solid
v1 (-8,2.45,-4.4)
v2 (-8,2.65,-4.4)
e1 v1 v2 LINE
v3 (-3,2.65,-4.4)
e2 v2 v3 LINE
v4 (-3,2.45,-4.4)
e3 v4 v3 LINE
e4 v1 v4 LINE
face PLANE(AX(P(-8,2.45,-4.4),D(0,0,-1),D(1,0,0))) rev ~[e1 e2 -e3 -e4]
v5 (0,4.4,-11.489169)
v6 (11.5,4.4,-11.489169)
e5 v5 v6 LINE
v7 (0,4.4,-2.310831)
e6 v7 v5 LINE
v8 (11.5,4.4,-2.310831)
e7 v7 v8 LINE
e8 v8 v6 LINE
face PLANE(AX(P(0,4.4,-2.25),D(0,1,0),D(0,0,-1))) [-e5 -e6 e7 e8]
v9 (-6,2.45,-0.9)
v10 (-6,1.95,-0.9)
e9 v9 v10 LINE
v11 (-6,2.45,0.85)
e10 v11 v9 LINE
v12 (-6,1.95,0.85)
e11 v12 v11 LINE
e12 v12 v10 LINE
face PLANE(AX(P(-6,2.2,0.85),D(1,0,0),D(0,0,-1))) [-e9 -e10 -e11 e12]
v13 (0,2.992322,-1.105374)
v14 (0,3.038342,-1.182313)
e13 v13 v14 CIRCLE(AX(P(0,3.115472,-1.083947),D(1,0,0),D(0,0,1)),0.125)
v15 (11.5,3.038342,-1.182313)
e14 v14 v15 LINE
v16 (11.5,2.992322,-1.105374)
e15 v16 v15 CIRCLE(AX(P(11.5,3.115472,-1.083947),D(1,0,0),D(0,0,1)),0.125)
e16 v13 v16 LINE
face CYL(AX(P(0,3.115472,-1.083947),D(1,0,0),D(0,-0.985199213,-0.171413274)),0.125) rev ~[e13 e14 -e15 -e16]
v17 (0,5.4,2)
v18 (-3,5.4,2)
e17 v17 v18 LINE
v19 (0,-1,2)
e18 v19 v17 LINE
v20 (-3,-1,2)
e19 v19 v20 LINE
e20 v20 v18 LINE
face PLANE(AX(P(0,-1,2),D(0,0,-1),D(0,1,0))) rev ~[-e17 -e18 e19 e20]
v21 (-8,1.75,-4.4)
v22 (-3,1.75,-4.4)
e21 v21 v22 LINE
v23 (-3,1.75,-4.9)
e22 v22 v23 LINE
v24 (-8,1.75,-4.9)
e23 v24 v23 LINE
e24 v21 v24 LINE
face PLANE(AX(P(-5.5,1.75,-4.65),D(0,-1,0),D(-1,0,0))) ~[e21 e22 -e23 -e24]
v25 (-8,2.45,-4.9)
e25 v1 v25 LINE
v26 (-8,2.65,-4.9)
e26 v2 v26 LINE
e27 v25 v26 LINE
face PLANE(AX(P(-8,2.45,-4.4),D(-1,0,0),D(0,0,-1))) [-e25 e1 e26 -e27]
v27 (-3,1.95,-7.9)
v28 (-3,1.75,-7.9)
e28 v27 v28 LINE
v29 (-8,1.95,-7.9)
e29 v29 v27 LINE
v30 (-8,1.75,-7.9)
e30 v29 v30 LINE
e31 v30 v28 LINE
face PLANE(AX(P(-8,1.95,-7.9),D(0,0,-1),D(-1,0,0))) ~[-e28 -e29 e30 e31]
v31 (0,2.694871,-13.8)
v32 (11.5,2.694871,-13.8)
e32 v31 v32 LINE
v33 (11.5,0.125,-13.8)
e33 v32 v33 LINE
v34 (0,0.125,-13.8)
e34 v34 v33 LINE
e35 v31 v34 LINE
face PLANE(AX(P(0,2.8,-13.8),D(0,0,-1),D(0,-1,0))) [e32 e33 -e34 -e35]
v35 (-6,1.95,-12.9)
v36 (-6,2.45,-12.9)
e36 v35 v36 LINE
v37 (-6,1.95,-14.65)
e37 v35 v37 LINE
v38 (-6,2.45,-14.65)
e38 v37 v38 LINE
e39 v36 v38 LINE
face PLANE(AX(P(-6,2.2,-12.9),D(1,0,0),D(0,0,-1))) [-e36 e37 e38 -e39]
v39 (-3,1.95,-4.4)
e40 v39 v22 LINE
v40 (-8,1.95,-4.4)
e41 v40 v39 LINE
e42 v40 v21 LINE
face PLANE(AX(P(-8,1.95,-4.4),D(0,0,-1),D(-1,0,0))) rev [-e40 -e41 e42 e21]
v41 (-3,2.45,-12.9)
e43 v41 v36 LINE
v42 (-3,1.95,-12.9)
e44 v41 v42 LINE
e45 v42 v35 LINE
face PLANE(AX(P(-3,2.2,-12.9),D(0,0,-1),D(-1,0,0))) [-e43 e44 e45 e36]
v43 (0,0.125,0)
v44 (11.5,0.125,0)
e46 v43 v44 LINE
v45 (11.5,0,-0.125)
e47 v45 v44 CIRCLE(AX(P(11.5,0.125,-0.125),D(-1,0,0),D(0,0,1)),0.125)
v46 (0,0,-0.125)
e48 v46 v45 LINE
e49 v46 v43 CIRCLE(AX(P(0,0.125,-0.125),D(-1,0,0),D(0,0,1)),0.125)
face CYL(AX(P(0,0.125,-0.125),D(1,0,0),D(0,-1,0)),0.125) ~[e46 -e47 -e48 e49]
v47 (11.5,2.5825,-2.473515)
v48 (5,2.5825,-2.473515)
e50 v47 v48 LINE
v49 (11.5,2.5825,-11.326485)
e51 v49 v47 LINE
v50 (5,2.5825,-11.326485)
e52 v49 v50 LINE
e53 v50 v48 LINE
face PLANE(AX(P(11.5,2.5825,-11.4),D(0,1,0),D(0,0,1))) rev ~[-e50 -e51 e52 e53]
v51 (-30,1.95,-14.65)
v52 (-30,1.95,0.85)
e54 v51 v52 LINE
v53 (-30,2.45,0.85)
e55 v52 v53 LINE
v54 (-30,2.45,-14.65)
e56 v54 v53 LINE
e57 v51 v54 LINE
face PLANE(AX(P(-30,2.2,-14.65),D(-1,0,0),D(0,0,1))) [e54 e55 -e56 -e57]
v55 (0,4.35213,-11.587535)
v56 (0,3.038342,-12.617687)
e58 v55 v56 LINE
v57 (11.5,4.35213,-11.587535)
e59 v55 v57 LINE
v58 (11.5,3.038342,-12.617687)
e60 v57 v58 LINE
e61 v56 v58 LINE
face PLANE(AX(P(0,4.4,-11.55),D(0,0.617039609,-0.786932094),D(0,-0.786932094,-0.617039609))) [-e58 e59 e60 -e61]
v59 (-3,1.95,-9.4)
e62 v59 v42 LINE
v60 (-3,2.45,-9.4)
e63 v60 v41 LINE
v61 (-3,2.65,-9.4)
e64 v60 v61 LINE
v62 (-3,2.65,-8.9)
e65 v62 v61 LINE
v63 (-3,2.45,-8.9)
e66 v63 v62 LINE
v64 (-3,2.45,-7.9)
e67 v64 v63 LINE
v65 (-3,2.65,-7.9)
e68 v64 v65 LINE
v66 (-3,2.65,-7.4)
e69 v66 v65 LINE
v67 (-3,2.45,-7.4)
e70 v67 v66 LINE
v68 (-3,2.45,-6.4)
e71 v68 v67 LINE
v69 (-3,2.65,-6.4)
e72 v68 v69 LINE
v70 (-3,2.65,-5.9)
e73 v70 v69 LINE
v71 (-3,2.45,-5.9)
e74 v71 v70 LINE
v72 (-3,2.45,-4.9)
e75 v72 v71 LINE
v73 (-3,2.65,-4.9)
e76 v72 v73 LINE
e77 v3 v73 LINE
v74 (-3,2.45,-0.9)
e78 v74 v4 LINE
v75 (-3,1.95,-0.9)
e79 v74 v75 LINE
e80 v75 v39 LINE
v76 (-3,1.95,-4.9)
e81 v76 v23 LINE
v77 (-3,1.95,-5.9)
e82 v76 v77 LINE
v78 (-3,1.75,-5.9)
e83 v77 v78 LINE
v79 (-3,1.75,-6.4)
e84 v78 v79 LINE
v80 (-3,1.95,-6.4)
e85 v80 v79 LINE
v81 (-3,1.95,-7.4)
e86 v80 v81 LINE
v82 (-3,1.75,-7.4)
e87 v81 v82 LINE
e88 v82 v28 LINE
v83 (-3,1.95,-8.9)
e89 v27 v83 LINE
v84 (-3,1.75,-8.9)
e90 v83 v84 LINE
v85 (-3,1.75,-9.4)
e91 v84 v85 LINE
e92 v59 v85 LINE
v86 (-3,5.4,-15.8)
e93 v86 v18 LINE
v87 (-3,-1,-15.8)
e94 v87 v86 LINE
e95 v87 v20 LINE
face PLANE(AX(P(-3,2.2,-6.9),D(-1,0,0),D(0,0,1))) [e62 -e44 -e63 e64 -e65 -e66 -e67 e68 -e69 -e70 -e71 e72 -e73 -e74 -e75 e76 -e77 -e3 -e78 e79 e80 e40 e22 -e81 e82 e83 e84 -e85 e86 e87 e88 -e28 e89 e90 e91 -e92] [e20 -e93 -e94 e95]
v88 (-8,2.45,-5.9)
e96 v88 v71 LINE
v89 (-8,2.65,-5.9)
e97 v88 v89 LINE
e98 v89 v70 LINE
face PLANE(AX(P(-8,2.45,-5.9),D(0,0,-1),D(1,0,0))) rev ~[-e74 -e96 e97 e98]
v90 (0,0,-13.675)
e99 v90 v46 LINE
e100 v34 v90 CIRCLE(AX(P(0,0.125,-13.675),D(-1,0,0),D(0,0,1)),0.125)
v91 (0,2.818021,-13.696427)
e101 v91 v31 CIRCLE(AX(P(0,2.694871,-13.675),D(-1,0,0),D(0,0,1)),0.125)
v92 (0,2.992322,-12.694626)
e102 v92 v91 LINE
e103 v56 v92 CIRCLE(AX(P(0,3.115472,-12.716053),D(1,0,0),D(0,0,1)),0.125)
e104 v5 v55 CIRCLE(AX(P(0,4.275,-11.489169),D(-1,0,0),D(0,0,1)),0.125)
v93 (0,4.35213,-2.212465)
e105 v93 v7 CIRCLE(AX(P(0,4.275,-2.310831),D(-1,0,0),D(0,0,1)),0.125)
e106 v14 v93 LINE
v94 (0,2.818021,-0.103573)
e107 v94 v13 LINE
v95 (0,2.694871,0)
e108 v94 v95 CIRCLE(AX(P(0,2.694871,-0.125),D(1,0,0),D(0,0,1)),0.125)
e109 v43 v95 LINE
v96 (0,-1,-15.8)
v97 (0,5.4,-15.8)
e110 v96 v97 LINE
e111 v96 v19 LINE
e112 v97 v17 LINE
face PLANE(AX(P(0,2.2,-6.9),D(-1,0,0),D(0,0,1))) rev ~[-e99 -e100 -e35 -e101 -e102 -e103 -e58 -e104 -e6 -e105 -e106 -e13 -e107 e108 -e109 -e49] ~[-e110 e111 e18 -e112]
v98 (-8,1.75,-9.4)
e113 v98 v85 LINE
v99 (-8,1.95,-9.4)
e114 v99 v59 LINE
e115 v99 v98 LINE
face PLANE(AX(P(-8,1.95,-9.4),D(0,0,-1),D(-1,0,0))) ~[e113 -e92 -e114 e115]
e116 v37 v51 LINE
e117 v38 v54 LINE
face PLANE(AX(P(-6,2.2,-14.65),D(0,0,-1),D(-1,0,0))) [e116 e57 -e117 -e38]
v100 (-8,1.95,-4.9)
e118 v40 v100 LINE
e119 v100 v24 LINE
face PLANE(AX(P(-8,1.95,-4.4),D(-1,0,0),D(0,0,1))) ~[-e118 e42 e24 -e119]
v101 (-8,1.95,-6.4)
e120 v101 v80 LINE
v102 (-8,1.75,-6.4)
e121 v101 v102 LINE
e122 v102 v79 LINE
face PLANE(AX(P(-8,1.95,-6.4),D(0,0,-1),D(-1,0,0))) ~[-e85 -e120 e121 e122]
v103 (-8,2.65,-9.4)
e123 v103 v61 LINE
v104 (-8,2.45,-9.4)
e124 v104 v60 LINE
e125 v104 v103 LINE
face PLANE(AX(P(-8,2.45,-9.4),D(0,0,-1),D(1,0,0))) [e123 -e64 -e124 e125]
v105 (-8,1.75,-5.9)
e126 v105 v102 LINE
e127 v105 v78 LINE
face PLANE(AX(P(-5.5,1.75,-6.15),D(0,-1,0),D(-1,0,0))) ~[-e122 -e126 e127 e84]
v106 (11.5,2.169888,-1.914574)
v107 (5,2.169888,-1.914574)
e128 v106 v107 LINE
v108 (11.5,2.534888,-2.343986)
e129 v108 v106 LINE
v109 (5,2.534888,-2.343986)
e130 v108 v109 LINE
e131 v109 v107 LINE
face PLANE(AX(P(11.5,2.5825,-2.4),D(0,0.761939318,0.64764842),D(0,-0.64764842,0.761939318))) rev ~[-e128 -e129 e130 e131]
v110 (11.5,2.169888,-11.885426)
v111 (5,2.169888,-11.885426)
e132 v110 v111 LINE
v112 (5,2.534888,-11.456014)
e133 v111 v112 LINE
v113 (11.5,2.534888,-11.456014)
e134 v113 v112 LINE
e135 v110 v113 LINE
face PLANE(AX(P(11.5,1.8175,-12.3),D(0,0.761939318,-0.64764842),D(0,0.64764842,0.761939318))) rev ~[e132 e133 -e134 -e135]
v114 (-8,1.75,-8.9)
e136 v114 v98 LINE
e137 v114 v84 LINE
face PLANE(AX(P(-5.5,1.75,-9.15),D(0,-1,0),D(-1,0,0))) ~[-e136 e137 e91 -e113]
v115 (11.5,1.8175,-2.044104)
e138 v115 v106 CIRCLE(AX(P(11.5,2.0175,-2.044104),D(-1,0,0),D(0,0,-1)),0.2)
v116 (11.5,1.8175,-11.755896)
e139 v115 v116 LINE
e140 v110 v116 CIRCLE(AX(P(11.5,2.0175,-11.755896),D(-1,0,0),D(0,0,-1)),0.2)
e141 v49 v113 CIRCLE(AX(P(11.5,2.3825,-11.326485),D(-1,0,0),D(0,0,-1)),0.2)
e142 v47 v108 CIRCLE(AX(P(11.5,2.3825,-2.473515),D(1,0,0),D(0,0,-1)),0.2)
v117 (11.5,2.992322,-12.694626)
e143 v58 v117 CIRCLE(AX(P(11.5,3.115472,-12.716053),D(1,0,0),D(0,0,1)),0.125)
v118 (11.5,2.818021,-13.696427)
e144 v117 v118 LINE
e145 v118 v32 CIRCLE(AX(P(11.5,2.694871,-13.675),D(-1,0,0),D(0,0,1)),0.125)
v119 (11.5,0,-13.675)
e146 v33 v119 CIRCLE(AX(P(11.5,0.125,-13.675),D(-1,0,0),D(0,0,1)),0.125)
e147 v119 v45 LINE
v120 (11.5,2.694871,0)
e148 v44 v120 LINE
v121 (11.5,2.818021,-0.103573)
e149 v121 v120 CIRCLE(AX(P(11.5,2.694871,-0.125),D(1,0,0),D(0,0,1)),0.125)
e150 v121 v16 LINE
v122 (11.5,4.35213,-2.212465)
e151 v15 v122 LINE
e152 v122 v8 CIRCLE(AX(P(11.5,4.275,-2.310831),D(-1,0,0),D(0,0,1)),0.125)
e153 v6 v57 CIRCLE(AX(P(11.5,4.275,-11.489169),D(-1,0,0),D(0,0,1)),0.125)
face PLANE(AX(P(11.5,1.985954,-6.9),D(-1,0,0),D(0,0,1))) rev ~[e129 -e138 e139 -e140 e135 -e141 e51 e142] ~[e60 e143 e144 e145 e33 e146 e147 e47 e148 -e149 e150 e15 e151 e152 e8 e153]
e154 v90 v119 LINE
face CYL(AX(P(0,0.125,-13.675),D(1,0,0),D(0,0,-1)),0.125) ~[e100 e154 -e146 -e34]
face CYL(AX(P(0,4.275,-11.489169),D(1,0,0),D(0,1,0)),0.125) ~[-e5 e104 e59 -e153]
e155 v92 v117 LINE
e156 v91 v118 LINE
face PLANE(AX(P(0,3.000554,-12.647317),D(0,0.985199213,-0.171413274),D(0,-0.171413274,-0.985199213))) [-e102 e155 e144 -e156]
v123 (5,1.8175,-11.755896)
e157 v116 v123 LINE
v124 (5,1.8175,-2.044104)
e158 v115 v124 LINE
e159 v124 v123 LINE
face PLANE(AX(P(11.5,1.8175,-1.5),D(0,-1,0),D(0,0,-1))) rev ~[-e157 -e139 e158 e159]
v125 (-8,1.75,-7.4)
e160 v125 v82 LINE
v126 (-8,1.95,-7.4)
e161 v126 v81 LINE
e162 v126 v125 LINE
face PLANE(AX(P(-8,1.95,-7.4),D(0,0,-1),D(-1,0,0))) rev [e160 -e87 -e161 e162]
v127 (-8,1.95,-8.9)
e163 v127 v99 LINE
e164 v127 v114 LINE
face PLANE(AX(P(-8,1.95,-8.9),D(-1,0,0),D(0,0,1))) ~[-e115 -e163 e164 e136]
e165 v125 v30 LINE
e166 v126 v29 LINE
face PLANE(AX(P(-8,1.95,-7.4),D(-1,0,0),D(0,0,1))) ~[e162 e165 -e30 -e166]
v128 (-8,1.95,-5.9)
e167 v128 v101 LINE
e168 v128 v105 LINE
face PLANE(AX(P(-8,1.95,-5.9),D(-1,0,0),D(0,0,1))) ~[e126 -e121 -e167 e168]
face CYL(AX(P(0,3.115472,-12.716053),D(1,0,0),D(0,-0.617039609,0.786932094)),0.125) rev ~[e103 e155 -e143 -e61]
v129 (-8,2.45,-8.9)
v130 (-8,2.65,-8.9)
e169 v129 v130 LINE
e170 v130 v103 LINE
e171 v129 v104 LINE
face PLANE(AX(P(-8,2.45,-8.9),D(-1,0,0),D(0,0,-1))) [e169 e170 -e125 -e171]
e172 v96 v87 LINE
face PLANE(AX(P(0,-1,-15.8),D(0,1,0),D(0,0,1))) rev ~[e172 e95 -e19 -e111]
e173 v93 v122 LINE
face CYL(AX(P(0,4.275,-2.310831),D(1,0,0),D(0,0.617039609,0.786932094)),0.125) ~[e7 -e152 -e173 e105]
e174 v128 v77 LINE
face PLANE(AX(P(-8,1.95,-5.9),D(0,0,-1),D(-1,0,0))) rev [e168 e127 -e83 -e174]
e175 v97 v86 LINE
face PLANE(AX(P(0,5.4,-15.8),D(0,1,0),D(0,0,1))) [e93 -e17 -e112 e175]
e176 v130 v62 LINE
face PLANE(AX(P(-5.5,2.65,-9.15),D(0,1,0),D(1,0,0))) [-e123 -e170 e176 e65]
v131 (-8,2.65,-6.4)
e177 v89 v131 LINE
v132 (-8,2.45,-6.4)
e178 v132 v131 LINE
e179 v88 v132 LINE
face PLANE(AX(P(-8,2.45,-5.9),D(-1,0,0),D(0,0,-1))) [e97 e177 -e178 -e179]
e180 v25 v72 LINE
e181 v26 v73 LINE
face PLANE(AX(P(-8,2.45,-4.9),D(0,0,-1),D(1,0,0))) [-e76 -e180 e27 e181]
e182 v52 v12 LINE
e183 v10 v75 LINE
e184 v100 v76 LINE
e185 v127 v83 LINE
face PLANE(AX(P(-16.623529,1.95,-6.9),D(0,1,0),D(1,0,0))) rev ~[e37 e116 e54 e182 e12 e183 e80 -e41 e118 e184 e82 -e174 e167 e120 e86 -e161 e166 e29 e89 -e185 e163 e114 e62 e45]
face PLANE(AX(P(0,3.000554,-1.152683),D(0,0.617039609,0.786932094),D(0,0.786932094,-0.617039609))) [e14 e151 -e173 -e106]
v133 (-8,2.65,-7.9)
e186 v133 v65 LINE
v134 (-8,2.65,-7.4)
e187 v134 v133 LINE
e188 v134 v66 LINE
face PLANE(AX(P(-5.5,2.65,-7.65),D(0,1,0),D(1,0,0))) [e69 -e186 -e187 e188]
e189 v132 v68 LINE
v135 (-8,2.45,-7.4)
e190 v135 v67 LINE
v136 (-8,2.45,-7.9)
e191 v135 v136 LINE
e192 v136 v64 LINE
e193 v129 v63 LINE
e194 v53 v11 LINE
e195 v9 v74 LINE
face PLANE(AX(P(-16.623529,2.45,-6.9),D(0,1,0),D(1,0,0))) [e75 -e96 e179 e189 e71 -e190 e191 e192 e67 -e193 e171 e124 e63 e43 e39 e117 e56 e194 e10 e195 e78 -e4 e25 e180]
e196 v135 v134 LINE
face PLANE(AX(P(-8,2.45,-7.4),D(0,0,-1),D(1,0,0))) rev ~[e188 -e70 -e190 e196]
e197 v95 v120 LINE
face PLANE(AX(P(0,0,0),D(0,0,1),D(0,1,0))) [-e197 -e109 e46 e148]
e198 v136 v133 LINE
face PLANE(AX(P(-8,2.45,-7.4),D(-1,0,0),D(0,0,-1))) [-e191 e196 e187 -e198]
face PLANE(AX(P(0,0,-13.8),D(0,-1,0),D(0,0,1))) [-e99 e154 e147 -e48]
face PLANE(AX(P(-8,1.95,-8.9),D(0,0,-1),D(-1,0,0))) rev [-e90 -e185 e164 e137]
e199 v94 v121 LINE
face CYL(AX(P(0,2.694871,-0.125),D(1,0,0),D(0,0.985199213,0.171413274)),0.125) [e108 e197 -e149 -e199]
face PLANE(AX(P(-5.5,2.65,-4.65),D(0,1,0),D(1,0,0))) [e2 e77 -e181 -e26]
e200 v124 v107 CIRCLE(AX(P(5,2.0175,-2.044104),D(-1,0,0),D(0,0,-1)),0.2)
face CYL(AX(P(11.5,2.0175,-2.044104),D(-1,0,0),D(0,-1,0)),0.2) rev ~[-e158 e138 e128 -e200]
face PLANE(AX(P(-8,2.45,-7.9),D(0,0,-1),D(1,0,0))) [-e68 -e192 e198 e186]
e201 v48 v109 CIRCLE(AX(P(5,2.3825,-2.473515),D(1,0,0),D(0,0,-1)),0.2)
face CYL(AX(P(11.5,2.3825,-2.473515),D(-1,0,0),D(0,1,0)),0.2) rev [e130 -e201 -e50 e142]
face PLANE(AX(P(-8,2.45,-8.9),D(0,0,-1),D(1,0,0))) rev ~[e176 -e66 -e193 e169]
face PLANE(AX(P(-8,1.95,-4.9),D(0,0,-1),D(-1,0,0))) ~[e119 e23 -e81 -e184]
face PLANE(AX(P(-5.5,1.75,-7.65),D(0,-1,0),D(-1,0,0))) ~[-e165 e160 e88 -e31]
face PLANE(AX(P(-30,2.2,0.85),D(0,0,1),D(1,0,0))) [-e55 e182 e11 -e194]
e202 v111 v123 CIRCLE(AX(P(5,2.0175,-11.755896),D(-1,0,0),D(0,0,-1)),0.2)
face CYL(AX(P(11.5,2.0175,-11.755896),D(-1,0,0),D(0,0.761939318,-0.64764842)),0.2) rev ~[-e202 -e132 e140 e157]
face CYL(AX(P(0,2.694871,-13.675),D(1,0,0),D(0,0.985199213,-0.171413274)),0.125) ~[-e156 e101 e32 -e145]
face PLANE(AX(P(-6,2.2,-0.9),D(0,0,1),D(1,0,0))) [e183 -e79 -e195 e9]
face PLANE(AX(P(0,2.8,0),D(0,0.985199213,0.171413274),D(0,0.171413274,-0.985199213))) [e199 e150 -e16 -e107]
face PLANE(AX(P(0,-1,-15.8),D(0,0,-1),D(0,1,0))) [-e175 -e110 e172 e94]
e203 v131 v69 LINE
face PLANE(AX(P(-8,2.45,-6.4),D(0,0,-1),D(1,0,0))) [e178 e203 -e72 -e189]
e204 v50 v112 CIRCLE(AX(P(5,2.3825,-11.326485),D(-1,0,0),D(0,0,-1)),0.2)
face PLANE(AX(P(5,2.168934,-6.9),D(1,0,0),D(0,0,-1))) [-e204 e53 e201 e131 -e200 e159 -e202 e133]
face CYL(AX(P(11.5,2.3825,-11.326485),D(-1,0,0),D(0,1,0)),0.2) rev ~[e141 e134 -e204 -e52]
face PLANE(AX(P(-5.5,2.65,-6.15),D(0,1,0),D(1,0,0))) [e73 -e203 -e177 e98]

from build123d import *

# Parameters (mm, degrees)
BOSS_EXTRUDE1_DEPTH = 11.5
SKETCH2_W           = 17.8
SKETCH2_H           = 6.4
BOSS_EXTRUDE2_DEPTH = 3
BOSS_EXTRUDE3_DEPTH = 0.25
SKETCH4_W           = 5
SKETCH4_H           = 0.5
BOSS_EXTRUDE4_DEPTH = 0.2
FILLET1_R           = 0.125
CUT_EXTRUDE1_DEPTH  = 6.5
FILLET2_R           = 0.2


with BuildPart() as part:
    # Sketch1 → Boss-Extrude1 (new body)
    with BuildSketch(Plane(origin=(0, 0, 0), x_dir=(0, 0, -1), z_dir=(1, 0, 0))):
        Polygon((0, 2.8), (1.152683079, 3.000553531), (2.25, 4.4), (11.55, 4.4), (12.647316921, 3.000553531), (13.8, 2.8), (13.8, 0), (0, 0), align=None)
    extrude(amount=BOSS_EXTRUDE1_DEPTH)

    # Sketch2 → Boss-Extrude2 (add)
    with BuildSketch(Plane.ZY):
        with Locations((-6.9, 2.2)):
            Rectangle(SKETCH2_W, SKETCH2_H)
    extrude(amount=BOSS_EXTRUDE2_DEPTH)

    # Sketch3 → Boss-Extrude3 (add, symmetric)
    with BuildSketch(Plane(origin=(0, 2.2, 0), x_dir=(1, 0, 0), z_dir=(0, 1, 0))):
        Polygon((-3, 12.9), (-6, 12.9), (-6, 14.65), (-30, 14.65), (-30, -0.85), (-6, -0.85), (-6, 0.9), (-3, 0.9), align=None)
    extrude(amount=BOSS_EXTRUDE3_DEPTH, both=True)

    # Sketch4 → Boss-Extrude4 (add)
    with BuildSketch(Plane(origin=(0, 2.45, 0), x_dir=(1, 0, 0), z_dir=(0, 1, 0))):
        with Locations((-5.5, 9.15)):
            Rectangle(SKETCH4_W, SKETCH4_H)
        with Locations((-5.5, 7.65)):
            Rectangle(SKETCH4_W, SKETCH4_H)
        with Locations((-5.5, 6.15)):
            Rectangle(SKETCH4_W, SKETCH4_H)
        with Locations((-5.5, 4.65)):
            Rectangle(SKETCH4_W, SKETCH4_H)
    boss_extrude4 = extrude(amount=BOSS_EXTRUDE4_DEPTH)

    # Mirror1: Boss-Extrude4 across plane
    add(boss_extrude4.mirror(Plane.ZX.offset(2.2)))

    # Fillet1
    fillet1_edges = [part.edges().sort_by_distance(p)[0] for p in [
        (5.75, 2.8, 0),
        (5.75, 3.000553531, -1.152683079),
        (5.75, 4.4, -2.25),
        (5.75, 4.4, -11.55),
        (5.75, 3.000553531, -12.647316921),
        (5.75, 2.8, -13.8),
        (5.75, 0, -13.8),
        (5.75, 0, 0),
    ]]
    fillet(fillet1_edges, radius=FILLET1_R)

    # Sketch5 → Cut-Extrude1 (cut)
    with BuildSketch(Plane(origin=(11.5, 0, 0), x_dir=(0, 0, -1), z_dir=(1, 0, 0))):
        Polygon((2.4, 2.5825), (1.5, 1.8175), (12.3, 1.8175), (11.4, 2.5825), align=None)
    extrude(amount=-CUT_EXTRUDE1_DEPTH, mode=Mode.SUBTRACT)

    # Fillet2
    fillet2_edges = [part.edges().sort_by_distance(p)[0] for p in [
        (8.25, 1.8175, -1.5),
        (8.25, 1.8175, -12.3),
        (8.25, 2.5825, -11.4),
        (8.25, 2.5825, -2.4),
    ]]
    fillet(fillet2_edges, radius=FILLET2_R)


solid = part.part
